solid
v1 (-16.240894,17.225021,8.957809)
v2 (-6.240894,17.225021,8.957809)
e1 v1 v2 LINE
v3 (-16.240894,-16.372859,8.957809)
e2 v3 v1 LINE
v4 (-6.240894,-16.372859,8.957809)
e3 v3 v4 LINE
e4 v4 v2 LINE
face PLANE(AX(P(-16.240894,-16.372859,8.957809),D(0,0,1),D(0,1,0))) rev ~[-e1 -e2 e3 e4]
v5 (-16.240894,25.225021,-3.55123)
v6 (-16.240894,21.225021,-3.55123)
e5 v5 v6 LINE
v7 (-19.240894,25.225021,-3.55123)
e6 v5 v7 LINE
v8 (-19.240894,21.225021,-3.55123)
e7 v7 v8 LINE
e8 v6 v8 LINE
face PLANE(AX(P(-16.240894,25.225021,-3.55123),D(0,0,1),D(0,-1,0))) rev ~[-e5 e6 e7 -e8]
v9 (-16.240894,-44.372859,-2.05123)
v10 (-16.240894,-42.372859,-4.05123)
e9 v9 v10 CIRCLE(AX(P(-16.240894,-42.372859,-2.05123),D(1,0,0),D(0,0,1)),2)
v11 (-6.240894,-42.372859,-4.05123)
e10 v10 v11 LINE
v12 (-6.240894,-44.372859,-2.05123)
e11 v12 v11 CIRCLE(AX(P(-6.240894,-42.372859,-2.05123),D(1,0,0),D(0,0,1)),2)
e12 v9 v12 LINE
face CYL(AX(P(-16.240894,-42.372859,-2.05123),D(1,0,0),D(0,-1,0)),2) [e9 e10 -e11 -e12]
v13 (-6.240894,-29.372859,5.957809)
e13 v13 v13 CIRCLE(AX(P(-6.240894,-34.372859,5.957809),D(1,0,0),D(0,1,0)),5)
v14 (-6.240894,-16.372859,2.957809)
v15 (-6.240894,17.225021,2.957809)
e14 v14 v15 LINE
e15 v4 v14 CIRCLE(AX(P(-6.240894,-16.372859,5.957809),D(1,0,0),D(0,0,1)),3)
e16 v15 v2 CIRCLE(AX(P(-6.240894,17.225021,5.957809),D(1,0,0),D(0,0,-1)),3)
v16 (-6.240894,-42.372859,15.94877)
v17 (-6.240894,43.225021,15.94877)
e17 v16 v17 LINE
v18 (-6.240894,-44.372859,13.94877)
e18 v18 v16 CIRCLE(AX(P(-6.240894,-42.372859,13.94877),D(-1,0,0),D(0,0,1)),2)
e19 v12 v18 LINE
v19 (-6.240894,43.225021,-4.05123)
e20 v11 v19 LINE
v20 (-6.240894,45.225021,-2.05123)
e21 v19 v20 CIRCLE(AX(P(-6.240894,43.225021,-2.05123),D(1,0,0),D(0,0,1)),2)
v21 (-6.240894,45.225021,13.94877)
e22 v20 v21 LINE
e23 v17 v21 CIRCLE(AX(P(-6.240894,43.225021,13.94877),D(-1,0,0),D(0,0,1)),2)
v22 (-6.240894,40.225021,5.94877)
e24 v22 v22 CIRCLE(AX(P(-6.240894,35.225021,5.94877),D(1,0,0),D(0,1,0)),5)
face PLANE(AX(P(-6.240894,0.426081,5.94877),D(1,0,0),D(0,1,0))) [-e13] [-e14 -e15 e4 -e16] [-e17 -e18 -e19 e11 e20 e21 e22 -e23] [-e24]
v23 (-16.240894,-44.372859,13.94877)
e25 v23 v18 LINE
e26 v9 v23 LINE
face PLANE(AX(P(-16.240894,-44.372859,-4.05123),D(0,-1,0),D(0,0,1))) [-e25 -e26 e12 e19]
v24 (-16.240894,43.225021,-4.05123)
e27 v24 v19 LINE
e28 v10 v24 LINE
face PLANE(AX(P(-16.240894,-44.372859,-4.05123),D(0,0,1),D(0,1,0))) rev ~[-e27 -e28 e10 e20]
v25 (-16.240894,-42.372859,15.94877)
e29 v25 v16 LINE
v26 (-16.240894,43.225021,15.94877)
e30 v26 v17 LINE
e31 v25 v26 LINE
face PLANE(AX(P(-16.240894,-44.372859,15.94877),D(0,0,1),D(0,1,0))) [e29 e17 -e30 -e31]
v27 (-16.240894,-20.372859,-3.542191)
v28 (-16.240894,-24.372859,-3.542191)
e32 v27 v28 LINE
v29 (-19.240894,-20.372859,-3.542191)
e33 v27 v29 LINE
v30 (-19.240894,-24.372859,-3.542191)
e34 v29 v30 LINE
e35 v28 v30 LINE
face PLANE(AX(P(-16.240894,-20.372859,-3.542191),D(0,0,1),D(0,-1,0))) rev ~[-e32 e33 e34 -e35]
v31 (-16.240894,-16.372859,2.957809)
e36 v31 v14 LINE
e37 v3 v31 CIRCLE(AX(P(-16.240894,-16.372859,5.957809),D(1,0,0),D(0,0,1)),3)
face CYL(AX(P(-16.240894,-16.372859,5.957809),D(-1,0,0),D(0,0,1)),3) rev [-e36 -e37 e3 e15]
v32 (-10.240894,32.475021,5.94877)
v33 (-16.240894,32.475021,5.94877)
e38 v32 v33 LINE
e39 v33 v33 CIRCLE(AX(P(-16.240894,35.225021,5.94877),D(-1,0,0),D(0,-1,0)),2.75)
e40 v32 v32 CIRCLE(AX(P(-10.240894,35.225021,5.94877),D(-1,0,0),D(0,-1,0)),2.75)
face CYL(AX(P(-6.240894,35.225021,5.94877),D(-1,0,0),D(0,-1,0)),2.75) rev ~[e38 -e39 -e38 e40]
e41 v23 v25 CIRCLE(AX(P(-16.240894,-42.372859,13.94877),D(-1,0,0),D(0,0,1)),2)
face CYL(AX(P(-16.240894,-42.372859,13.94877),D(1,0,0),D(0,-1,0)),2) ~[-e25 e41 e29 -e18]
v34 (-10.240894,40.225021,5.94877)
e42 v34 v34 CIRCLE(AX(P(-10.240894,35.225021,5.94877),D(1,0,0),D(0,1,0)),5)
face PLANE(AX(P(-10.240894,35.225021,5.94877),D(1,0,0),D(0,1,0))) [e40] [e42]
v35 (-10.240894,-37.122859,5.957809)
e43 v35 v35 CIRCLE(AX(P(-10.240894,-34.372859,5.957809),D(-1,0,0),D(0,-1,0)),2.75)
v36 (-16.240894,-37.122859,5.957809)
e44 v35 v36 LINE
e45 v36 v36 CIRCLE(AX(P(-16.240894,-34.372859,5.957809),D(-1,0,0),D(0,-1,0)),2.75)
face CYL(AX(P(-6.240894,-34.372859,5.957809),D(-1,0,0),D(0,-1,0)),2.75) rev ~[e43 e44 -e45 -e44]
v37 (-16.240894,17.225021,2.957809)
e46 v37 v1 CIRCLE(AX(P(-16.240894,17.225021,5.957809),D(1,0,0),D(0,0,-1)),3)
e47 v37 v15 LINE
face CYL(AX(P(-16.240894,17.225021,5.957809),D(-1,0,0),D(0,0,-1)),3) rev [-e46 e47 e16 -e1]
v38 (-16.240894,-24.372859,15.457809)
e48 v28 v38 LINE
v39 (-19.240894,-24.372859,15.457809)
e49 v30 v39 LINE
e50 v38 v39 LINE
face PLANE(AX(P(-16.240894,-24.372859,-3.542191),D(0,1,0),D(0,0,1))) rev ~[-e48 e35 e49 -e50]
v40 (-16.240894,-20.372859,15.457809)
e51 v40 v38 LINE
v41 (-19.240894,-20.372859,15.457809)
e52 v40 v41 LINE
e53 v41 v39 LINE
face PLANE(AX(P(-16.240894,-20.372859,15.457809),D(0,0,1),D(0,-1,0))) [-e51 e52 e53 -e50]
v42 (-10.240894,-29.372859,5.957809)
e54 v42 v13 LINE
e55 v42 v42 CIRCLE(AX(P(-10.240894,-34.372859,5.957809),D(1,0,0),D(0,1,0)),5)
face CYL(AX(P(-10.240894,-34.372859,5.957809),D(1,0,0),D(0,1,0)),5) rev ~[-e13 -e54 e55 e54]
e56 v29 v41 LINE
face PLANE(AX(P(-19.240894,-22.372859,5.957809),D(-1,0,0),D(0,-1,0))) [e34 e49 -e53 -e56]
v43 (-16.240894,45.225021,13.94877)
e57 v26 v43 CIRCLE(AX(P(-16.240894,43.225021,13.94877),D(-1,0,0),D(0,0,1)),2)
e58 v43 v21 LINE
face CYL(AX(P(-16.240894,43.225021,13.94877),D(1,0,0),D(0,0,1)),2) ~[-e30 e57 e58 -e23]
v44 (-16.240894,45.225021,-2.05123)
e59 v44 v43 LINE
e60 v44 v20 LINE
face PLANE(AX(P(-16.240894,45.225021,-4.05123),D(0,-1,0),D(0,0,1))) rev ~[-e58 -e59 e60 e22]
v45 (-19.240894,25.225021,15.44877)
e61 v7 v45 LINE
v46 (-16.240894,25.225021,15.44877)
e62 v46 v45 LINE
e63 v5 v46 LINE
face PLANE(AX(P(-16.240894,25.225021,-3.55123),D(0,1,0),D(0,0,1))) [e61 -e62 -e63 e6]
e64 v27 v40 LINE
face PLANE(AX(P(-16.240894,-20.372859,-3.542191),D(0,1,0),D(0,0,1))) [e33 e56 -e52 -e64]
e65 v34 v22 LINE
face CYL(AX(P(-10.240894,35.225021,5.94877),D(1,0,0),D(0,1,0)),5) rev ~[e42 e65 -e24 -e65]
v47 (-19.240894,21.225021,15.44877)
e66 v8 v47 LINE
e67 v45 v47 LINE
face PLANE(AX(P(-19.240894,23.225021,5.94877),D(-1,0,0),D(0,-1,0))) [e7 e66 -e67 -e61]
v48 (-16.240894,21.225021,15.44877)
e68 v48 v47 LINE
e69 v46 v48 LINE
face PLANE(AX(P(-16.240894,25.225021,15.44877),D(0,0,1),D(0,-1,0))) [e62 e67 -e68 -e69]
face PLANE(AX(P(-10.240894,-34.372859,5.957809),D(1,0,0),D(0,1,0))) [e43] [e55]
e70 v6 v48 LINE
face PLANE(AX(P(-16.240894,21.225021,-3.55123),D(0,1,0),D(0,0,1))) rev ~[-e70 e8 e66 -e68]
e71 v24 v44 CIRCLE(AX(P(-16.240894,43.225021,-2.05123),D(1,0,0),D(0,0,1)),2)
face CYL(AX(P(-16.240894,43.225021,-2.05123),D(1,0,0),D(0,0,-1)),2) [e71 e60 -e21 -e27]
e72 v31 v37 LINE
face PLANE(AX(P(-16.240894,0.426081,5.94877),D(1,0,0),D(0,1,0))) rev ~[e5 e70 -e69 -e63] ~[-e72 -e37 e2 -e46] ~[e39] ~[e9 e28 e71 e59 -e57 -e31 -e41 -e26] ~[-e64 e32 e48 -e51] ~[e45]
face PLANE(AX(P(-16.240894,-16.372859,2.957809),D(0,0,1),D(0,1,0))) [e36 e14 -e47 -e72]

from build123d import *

# Parameters (mm, degrees)
SKETCH_W         = 89.59788
SKETCH_H         = 20
PAD_DEPTH        = 10
SKETCH001_W      = 4
SKETCH001_H      = 19
PAD001_DEPTH     = 3
HOLE_D           = 5.5
HOLE_DEPTH       = 25
HOLE_CBORE_D     = 10
HOLE_CBORE_DEPTH = 4
FILLET_R         = 2


with BuildPart() as part:
    # Sketch (on Face2 of Binder) → Pad (new body)
    with BuildSketch(Plane.YZ.offset(237.459106)):
        with Locations((0.426081, 189.84877)):
            Rectangle(SKETCH_W, SKETCH_H)
        with BuildLine():
            ThreePointArc((-16.372859, 192.857809), (-19.372859, 189.857809), (-16.372859, 186.857809))
            Line((-16.372859, 186.857809), (17.225021, 186.857809))
            ThreePointArc((17.225021, 186.857809), (20.225021, 189.857809), (17.225021, 192.857809))
            Line((-16.372859, 192.857809), (17.225021, 192.857809))
        make_face(mode=Mode.SUBTRACT)
    extrude(amount=PAD_DEPTH)

    # Sketch001 (on Face9 of Pad) → Pad001 (join)
    with BuildSketch(Plane(origin=(237.459106, 0, 0), x_dir=(0, -1, 0), z_dir=(-1, 0, 0))):
        with Locations((-23.225021, 189.84877)):
            Rectangle(SKETCH001_W, SKETCH001_H)
        with Locations((22.372859, 189.857809)):
            Rectangle(SKETCH001_W, SKETCH001_H)
    extrude(amount=PAD001_DEPTH)

    # Hole
    with Locations(Plane.YZ.offset(247.459106)):
        with Locations((-34.372859, 189.857809), (35.225021, 189.84877)):
            CounterBoreHole(HOLE_D / 2, HOLE_CBORE_D / 2, HOLE_CBORE_DEPTH, depth=HOLE_DEPTH)

    # Fillet
    fillet_edges = [part.edges().sort_by_distance(p)[0] for p in [
        (242.459106, 45.225021, 199.84877),
        (242.459106, 45.225021, 179.84877),
        (242.459106, -44.372859, 199.84877),
        (242.459106, -44.372859, 179.84877),
    ]]
    fillet(fillet_edges, radius=FILLET_R)


with BuildPart() as part_1:
    # Body placement: moved
    add(part.part.moved(Location((-253.7, 0, -183.9))))


solid = part_1.part
